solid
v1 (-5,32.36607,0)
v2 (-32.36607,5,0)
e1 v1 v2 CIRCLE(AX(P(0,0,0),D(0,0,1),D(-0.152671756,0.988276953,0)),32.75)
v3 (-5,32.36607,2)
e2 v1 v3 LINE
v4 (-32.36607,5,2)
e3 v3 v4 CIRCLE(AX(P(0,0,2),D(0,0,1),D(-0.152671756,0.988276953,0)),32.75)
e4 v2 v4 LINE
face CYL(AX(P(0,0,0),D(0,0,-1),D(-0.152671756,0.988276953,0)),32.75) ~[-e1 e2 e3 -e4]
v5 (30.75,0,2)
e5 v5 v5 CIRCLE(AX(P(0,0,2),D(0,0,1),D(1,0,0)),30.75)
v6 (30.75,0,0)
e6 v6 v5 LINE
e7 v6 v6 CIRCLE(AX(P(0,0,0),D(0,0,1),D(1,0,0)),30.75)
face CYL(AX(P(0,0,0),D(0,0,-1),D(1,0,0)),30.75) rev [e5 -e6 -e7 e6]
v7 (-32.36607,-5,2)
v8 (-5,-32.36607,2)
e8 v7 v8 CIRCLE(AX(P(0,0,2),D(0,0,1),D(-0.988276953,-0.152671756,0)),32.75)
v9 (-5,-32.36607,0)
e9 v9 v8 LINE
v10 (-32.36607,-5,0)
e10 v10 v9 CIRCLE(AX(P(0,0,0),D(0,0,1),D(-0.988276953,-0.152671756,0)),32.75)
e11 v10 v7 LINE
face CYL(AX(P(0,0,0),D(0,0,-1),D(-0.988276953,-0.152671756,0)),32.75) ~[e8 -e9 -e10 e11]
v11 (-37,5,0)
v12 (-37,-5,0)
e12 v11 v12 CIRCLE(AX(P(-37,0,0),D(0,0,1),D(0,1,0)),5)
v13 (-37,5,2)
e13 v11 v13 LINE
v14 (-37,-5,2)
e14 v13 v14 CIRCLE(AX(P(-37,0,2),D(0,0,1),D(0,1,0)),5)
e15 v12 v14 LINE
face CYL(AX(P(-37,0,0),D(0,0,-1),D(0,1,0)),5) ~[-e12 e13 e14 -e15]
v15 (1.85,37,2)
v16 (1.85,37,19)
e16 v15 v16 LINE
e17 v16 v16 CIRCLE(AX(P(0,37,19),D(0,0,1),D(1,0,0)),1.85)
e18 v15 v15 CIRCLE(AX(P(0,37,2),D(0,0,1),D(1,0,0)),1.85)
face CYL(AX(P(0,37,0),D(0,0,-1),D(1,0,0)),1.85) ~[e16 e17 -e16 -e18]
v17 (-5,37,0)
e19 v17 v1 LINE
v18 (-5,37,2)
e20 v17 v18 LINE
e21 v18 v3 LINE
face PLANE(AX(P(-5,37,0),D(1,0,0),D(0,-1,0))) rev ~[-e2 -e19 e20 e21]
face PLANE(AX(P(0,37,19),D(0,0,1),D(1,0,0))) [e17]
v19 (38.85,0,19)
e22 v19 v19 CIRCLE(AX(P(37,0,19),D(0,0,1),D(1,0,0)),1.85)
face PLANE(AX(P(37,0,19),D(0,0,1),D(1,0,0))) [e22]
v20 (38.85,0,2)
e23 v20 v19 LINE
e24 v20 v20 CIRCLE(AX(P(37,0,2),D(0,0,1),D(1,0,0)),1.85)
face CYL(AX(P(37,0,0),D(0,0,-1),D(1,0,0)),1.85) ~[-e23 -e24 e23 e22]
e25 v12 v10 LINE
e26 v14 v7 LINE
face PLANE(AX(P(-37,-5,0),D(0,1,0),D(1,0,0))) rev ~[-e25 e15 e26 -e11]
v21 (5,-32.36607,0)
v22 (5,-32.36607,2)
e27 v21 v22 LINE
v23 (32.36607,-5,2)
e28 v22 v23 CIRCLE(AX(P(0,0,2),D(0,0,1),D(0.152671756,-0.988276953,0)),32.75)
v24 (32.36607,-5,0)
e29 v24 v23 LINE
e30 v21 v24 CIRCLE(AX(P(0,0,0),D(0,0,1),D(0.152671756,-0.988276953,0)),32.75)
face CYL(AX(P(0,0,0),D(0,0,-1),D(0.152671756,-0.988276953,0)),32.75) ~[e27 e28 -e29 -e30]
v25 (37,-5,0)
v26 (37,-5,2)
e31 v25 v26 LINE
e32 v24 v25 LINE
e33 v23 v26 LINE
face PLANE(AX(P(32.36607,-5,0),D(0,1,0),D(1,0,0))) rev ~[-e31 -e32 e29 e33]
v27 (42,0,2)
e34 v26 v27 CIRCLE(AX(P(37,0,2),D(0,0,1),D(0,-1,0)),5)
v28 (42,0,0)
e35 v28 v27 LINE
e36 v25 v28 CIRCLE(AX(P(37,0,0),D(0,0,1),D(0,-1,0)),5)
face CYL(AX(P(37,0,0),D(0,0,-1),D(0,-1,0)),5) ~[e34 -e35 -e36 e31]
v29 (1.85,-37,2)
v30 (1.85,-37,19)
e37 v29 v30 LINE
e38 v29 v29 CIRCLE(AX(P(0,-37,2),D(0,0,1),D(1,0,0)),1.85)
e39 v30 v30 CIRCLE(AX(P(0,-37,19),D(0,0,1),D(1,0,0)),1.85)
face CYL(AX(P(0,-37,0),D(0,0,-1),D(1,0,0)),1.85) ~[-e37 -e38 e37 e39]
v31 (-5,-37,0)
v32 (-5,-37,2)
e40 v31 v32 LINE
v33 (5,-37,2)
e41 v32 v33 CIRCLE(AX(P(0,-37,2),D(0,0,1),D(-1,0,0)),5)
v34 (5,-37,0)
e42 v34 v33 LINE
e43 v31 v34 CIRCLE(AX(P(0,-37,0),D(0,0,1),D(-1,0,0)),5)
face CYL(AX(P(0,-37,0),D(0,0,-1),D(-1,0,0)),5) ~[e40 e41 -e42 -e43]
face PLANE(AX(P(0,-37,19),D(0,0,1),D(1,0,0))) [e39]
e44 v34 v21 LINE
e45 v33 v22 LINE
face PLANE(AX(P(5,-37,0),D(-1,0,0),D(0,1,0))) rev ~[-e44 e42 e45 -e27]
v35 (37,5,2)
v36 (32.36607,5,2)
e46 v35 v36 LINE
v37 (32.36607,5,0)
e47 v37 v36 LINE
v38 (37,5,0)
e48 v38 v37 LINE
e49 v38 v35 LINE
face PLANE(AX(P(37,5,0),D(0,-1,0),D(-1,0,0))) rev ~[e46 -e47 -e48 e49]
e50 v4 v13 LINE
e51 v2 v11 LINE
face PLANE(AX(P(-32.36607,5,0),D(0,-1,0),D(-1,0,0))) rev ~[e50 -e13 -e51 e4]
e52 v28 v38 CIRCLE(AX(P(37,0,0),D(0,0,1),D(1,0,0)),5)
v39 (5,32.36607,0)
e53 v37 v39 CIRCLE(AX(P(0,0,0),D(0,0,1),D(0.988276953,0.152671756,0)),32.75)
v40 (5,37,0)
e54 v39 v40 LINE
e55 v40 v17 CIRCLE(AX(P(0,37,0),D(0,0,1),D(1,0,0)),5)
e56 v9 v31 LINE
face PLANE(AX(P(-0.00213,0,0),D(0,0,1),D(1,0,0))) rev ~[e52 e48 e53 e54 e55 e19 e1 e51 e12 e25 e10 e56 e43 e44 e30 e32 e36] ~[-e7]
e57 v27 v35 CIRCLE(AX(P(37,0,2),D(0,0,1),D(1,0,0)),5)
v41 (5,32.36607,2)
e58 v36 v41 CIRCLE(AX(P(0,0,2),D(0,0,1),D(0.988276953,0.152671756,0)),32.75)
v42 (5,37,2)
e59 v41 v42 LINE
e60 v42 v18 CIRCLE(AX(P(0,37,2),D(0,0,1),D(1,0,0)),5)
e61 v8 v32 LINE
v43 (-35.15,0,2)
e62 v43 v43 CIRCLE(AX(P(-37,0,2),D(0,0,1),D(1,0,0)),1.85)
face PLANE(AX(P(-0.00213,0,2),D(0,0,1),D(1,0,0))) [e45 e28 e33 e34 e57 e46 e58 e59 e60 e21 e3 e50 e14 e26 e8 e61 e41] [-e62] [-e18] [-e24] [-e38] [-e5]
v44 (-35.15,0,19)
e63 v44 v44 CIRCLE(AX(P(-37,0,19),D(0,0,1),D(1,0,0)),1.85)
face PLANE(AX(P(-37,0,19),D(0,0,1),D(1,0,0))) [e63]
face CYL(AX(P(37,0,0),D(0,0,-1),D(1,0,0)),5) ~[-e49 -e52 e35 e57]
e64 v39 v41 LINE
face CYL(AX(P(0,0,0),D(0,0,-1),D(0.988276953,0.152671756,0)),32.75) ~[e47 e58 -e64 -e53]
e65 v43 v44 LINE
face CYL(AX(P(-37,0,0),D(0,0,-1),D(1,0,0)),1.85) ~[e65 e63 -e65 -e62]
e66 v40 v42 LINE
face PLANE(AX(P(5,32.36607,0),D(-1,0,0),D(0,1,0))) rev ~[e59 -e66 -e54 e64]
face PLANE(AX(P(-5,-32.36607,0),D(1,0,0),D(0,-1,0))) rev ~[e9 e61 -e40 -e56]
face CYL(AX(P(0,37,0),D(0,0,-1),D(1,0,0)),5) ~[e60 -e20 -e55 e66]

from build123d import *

# Parameters (mm, degrees)
F0_R     = 30.75
F0_R_2   = 1.85
F1_DEPTH = 2
F2_DEPTH = 19


with BuildPart() as f1:
    # F0 (on Top) → F1 (new body)
    with BuildSketch(Plane.XY):
        with BuildLine():
            ThreePointArc((32.65625, 2.476254417), (32.5356397493, 3.7409418742), (32.366070197, 5))
            ThreePointArc((32.366070197, 5), (23.1577470839, 23.1577470839), (5, 32.366070197))
            ThreePointArc((5, 32.366070197), (3.7409418742, 32.5356397493), (2.476254417, 32.65625))
            ThreePointArc((2.476254417, 32.65625), (0, 32), (-2.476254417, 32.65625))
            ThreePointArc((-2.476254417, 32.65625), (-3.7409418742, 32.5356397493), (-5, 32.366070197))
            ThreePointArc((-5, 32.366070197), (-23.1577470839, 23.1577470839), (-32.366070197, 5))
            ThreePointArc((-32.366070197, 5), (-32.5356397493, 3.7409418742), (-32.65625, 2.476254417))
            ThreePointArc((-32.65625, 2.476254417), (-32.1668462677, 1.2808688457), (-32, 0))
            ThreePointArc((-32, 0), (-32.1668462677, -1.2808688457), (-32.65625, -2.476254417))
            ThreePointArc((-32.65625, -2.476254417), (-32.5356397493, -3.7409418742), (-32.366070197, -5))
            ThreePointArc((-32.366070197, -5), (-23.1577470839, -23.1577470839), (-5, -32.366070197))
            ThreePointArc((-5, -32.366070197), (-3.7409418742, -32.5356397493), (-2.476254417, -32.65625))
            ThreePointArc((-2.476254417, -32.65625), (0, -32), (2.476254417, -32.65625))
            ThreePointArc((2.476254417, -32.65625), (3.7409418742, -32.5356397493), (5, -32.366070197))
            ThreePointArc((5, -32.366070197), (23.1577470839, -23.1577470839), (32.366070197, -5))
            ThreePointArc((32.366070197, -5), (32.5356397493, -3.7409418742), (32.65625, -2.476254417))
            ThreePointArc((32.65625, -2.476254417), (32, 0), (32.65625, 2.476254417))
        make_face()
        Circle(F0_R, mode=Mode.SUBTRACT)
        with BuildLine():
            Line((37, 5), (32.366070197, 5))
            ThreePointArc((32.366070197, 5), (32.5356397493, 3.7409418742), (32.65625, 2.476254417))
            ThreePointArc((32.65625, 2.476254417), (34.488155268, 4.3232668253), (37, 5))
        make_face()
        with BuildLine():
            ThreePointArc((2.476254417, 32.65625), (3.7409418742, 32.5356397493), (5, 32.366070197))
            Line((5, 32.366070197), (5, 37))
            ThreePointArc((5, 37), (4.3232668253, 34.488155268), (2.476254417, 32.65625))
        make_face()
        with BuildLine():
            ThreePointArc((37, 5), (34.488155268, 4.3232668253), (32.65625, 2.476254417))
            ThreePointArc((32.65625, 2.476254417), (32.7265541075, 1.2390142251), (32.75, 0))
            ThreePointArc((32.75, 0), (32.7265541075, -1.2390142251), (32.65625, -2.476254417))
            ThreePointArc((32.65625, -2.476254417), (34.488155268, -4.3232668253), (37, -5))
            ThreePointArc((37, -5), (40.5355339059, -3.5355339059), (42, 0))
            ThreePointArc((42, 0), (40.5355339059, 3.5355339059), (37, 5))
        make_face()
        with Locations((37, 0)):
            Circle(F0_R_2, mode=Mode.SUBTRACT)
        with BuildLine():
            ThreePointArc((-2.476254417, 32.65625), (0, 32.75), (2.476254417, 32.65625))
            ThreePointArc((2.476254417, 32.65625), (4.3232668253, 34.488155268), (5, 37))
            ThreePointArc((5, 37), (0, 42), (-5, 37))
            ThreePointArc((-5, 37), (-4.3232668253, 34.488155268), (-2.476254417, 32.65625))
        make_face()
        with Locations((0, 37)):
            Circle(F0_R_2, mode=Mode.SUBTRACT)
        with BuildLine():
            ThreePointArc((37, -5), (34.488155268, -4.3232668253), (32.65625, -2.476254417))
            ThreePointArc((32.65625, -2.476254417), (32.5356397493, -3.7409418742), (32.366070197, -5))
            Line((32.366070197, -5), (37, -5))
        make_face()
        with BuildLine():
            ThreePointArc((-5, 32.366070197), (-3.7409418742, 32.5356397493), (-2.476254417, 32.65625))
            ThreePointArc((-2.476254417, 32.65625), (-4.3232668253, 34.488155268), (-5, 37))
            Line((-5, 37), (-5, 32.366070197))
        make_face()
        with BuildLine():
            Line((5, -37), (5, -32.366070197))
            ThreePointArc((5, -32.366070197), (3.7409418742, -32.5356397493), (2.476254417, -32.65625))
            ThreePointArc((2.476254417, -32.65625), (4.3232668253, -34.488155268), (5, -37))
        make_face()
        with BuildLine():
            ThreePointArc((-32.65625, 2.476254417), (-32.5356397493, 3.7409418742), (-32.366070197, 5))
            Line((-32.366070197, 5), (-37, 5))
            ThreePointArc((-37, 5), (-34.488155268, 4.3232668253), (-32.65625, 2.476254417))
        make_face()
        with BuildLine():
            ThreePointArc((5, -37), (4.3232668253, -34.488155268), (2.476254417, -32.65625))
            ThreePointArc((2.476254417, -32.65625), (0, -32.75), (-2.476254417, -32.65625))
            ThreePointArc((-2.476254417, -32.65625), (-4.3232668253, -34.488155268), (-5, -37))
            ThreePointArc((-5, -37), (0, -42), (5, -37))
        make_face()
        with Locations((0, -37)):
            Circle(F0_R_2, mode=Mode.SUBTRACT)
        with BuildLine():
            ThreePointArc((-32.65625, -2.476254417), (-32.75, 0), (-32.65625, 2.476254417))
            ThreePointArc((-32.65625, 2.476254417), (-34.488155268, 4.3232668253), (-37, 5))
            ThreePointArc((-37, 5), (-42, 0), (-37, -5))
            ThreePointArc((-37, -5), (-34.488155268, -4.3232668253), (-32.65625, -2.476254417))
        make_face()
        with Locations((-37, 0)):
            Circle(F0_R_2, mode=Mode.SUBTRACT)
        with BuildLine():
            ThreePointArc((-5, -37), (-4.3232668253, -34.488155268), (-2.476254417, -32.65625))
            ThreePointArc((-2.476254417, -32.65625), (-3.7409418742, -32.5356397493), (-5, -32.366070197))
            Line((-5, -32.366070197), (-5, -37))
        make_face()
        with BuildLine():
            ThreePointArc((-32.366070197, -5), (-32.5356397493, -3.7409418742), (-32.65625, -2.476254417))
            ThreePointArc((-32.65625, -2.476254417), (-34.488155268, -4.3232668253), (-37, -5))
            Line((-37, -5), (-32.366070197, -5))
        make_face()
        with BuildLine():
            ThreePointArc((-2.476254417, 32.65625), (0, 32), (2.476254417, 32.65625))
            ThreePointArc((2.476254417, 32.65625), (0, 32.75), (-2.476254417, 32.65625))
        make_face()
        with BuildLine():
            ThreePointArc((-32, 0), (-32.1668462677, 1.2808688457), (-32.65625, 2.476254417))
            ThreePointArc((-32.65625, 2.476254417), (-32.75, 0), (-32.65625, -2.476254417))
            ThreePointArc((-32.65625, -2.476254417), (-32.1668462677, -1.2808688457), (-32, 0))
        make_face()
        with BuildLine():
            ThreePointArc((-2.476254417, -32.65625), (0, -32.75), (2.476254417, -32.65625))
            ThreePointArc((2.476254417, -32.65625), (0, -32), (-2.476254417, -32.65625))
        make_face()
        with BuildLine():
            ThreePointArc((32.75, 0), (32.7265541075, 1.2390142251), (32.65625, 2.476254417))
            ThreePointArc((32.65625, 2.476254417), (32, 0), (32.65625, -2.476254417))
            ThreePointArc((32.65625, -2.476254417), (32.7265541075, -1.2390142251), (32.75, 0))
        make_face()
    extrude(amount=F1_DEPTH)

    # F0 (on Top) → F2 (join)
    with BuildSketch(Plane.XY):
        with Locations((0, 37)):
            Circle(F0_R_2)
        with Locations((-37, 0)):
            Circle(F0_R_2)
        with Locations((0, -37)):
            Circle(F0_R_2)
        with Locations((37, 0)):
            Circle(F0_R_2)
    extrude(amount=F2_DEPTH)


solid = f1.part
